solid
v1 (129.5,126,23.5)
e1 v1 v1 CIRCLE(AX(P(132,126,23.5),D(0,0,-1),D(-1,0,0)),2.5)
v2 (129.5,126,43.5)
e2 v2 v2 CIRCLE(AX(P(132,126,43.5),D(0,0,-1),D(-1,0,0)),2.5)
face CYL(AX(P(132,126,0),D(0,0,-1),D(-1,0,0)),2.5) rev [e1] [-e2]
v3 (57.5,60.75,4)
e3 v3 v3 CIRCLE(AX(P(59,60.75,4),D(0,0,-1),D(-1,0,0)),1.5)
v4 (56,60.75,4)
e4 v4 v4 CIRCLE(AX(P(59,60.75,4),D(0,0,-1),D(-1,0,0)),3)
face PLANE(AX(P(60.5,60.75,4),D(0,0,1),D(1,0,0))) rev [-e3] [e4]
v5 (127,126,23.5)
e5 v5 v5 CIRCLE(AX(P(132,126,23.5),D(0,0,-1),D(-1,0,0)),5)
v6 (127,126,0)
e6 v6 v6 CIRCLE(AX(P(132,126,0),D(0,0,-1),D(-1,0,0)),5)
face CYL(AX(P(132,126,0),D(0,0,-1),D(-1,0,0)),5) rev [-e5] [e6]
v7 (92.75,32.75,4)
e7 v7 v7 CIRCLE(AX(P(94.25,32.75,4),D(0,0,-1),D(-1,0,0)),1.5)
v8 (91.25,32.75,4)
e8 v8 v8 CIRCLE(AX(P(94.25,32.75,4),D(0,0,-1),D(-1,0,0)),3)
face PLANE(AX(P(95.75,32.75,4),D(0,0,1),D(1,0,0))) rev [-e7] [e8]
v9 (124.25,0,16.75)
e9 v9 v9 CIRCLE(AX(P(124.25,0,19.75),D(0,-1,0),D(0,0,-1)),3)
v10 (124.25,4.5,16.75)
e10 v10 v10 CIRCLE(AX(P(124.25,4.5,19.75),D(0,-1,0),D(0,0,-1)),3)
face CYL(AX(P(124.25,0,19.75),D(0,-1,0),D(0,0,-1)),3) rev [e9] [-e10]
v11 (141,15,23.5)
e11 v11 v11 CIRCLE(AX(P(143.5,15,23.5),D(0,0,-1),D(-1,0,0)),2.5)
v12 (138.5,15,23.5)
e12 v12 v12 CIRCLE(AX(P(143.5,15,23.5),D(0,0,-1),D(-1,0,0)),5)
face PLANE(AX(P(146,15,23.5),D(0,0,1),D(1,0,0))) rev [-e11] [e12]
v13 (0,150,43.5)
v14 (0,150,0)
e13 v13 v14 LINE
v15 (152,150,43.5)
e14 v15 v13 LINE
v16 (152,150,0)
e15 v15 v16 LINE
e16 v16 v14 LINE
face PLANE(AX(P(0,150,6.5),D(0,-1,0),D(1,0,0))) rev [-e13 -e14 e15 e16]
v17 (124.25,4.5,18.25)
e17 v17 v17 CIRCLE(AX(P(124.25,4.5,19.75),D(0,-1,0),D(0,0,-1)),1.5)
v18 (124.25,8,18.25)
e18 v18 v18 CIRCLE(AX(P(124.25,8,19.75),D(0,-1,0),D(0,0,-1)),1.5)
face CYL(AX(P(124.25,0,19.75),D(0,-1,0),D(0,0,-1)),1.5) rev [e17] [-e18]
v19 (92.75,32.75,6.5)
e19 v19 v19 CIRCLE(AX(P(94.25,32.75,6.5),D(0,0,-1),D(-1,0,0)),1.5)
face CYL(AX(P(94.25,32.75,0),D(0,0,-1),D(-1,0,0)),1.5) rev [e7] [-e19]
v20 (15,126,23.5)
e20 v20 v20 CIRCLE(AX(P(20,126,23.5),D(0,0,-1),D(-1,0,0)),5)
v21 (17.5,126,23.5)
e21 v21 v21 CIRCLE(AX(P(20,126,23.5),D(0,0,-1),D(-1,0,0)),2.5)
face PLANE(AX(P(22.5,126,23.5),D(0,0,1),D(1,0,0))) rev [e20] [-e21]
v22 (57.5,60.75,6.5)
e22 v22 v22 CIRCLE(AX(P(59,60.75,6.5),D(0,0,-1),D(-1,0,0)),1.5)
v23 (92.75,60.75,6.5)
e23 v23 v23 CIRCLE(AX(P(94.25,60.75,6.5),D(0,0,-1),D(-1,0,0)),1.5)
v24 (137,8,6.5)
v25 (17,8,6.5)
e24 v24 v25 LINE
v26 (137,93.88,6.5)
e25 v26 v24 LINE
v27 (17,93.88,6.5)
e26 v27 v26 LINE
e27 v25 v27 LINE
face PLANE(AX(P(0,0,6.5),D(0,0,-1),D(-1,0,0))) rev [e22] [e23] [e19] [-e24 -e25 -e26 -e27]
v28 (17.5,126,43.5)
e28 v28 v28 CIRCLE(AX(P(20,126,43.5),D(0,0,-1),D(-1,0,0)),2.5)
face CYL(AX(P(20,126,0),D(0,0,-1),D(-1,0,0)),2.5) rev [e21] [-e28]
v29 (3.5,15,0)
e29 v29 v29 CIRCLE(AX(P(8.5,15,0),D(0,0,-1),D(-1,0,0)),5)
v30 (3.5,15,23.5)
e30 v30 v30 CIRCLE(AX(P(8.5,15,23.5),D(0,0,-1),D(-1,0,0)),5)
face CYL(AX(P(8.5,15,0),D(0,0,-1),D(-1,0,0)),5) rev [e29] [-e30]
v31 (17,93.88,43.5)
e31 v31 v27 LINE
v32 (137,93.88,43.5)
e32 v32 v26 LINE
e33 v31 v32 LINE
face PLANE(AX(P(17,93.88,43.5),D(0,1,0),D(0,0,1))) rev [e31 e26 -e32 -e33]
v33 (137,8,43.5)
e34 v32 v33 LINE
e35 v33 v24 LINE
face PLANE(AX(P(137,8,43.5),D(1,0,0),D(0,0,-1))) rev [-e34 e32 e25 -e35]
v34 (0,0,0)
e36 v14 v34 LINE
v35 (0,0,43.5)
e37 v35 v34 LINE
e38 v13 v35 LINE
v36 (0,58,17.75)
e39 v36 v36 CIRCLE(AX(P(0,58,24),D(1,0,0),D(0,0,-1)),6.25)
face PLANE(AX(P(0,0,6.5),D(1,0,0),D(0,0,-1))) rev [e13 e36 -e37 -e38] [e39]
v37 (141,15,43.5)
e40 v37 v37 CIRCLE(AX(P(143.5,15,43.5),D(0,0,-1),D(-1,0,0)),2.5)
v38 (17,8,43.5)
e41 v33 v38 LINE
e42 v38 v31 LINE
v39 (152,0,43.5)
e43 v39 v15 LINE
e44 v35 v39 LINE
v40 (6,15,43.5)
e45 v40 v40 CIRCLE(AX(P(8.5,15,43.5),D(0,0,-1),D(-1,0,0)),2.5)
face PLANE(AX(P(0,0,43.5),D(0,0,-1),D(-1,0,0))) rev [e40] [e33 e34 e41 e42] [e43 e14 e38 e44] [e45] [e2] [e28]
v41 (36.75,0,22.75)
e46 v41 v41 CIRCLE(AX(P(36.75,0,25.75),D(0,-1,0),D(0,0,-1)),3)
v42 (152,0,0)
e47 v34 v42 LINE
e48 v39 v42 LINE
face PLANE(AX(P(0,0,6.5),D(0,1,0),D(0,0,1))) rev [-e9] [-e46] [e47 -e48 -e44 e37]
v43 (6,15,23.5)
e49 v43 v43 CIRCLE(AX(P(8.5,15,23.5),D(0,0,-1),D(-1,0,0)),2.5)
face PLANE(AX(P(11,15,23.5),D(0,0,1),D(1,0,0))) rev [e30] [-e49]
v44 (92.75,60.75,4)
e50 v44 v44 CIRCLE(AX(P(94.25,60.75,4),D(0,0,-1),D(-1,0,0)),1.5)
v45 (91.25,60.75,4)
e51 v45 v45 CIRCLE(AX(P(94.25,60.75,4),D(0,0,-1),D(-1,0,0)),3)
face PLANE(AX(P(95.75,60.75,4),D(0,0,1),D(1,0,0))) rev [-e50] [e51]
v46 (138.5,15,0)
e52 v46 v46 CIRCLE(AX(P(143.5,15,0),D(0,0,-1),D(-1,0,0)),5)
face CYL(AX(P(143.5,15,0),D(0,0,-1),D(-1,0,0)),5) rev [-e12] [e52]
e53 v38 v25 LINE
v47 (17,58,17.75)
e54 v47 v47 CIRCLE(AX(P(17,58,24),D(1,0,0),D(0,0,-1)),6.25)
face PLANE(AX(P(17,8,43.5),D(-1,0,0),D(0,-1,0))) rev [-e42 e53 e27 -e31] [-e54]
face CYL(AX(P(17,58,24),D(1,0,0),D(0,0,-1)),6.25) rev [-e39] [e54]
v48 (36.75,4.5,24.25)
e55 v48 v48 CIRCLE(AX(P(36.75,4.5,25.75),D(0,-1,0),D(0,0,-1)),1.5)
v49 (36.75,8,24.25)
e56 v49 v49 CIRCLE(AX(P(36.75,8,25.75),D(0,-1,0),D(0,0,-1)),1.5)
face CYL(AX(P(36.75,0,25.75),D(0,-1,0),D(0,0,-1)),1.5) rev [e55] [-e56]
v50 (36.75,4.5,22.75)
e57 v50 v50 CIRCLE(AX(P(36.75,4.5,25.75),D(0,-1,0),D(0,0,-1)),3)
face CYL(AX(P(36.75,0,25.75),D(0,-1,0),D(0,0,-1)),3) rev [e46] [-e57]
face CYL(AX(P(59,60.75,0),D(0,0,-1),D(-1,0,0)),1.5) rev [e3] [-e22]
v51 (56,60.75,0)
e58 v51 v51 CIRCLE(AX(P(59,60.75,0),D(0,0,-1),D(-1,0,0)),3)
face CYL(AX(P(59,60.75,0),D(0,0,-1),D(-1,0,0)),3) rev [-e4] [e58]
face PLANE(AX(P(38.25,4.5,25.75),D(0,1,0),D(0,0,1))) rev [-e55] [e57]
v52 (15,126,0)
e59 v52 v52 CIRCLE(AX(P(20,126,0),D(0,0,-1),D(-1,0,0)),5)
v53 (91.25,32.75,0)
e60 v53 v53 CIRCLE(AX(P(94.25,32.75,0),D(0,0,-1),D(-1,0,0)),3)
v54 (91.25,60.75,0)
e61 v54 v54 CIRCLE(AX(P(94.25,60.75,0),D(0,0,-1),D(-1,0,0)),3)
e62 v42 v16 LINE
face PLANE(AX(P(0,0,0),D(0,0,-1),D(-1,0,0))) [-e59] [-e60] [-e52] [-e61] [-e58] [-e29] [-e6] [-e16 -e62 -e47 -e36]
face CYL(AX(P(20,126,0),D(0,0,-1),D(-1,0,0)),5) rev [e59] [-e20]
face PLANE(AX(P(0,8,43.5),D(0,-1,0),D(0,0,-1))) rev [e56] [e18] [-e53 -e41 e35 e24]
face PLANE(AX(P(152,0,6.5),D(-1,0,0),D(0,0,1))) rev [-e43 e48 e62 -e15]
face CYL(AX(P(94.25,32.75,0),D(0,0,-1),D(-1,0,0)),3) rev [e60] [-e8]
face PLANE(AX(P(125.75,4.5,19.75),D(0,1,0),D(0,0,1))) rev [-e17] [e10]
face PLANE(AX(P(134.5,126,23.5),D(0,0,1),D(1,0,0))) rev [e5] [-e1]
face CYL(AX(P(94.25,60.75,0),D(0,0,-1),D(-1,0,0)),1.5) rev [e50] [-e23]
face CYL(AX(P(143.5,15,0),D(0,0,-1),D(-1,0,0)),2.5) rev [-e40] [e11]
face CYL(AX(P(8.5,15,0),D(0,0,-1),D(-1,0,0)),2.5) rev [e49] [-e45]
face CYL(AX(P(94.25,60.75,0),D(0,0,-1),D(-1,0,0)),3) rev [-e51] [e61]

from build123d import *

# Parameters (mm, degrees)
SKETCH1_W           = 152
SKETCH1_H           = 150
BOSS_EXTRUDE1_DEPTH = 6.5
SKETCH2_W           = 152
SKETCH2_H           = 8
BOSS_EXTRUDE2_DEPTH = 37
SKETCH3_W           = 17
SKETCH3_H           = 142
BOSS_EXTRUDE3_DEPTH = 37
SKETCH4_W           = 15
SKETCH4_H           = 142
BOSS_EXTRUDE4_DEPTH = 37
SKETCH5_W           = 120
SKETCH5_H           = 56.12
BOSS_EXTRUDE5_DEPTH = 37
HOLE2_D             = 3
HOLE2_DEPTH         = 8
HOLE2_CBORE_D       = 6
HOLE2_CBORE_DEPTH   = 4.5
HOLE3_D             = 3
HOLE3_DEPTH         = 8
HOLE3_CBORE_D       = 6
HOLE3_CBORE_DEPTH   = 4.5
HOLE4_D             = 12.5
HOLE4_DEPTH         = 17
HOLE5_D             = 3
HOLE5_CBORE_D       = 6
HOLE5_CBORE_DEPTH   = 4
HOLE6_D             = 3
HOLE6_CBORE_D       = 6
HOLE6_CBORE_DEPTH   = 4
HOLE7_D             = 3
HOLE7_CBORE_D       = 6
HOLE7_CBORE_DEPTH   = 4
HOLE9_D             = 5
HOLE9_CBORE_D       = 10
HOLE9_CBORE_DEPTH   = 23.5
HOLE10_D            = 5
HOLE10_CBORE_D      = 10
HOLE10_CBORE_DEPTH  = 23.5


with BuildPart() as part:
    # Sketch1 → Boss-Extrude1 (new body)
    with BuildSketch(Plane.XY):
        with Locations((76, 75)):
            Rectangle(SKETCH1_W, SKETCH1_H)
    extrude(amount=BOSS_EXTRUDE1_DEPTH)

    # Sketch2 → Boss-Extrude2 (add)
    with BuildSketch(Plane.XY.offset(6.5)):
        with Locations((76, 4)):
            Rectangle(SKETCH2_W, SKETCH2_H)
    extrude(amount=BOSS_EXTRUDE2_DEPTH)

    # Sketch3 → Boss-Extrude3 (add)
    with BuildSketch(Plane.XY.offset(6.5)):
        with Locations((8.5, 79)):
            Rectangle(SKETCH3_W, SKETCH3_H)
    extrude(amount=BOSS_EXTRUDE3_DEPTH)

    # Sketch4 → Boss-Extrude4 (add)
    with BuildSketch(Plane.XY.offset(6.5)):
        with Locations((144.5, 79)):
            Rectangle(SKETCH4_W, SKETCH4_H)
    extrude(amount=BOSS_EXTRUDE4_DEPTH)

    # Sketch5 → Boss-Extrude5 (add)
    with BuildSketch(Plane.XY.offset(6.5)):
        with Locations((77, 121.94)):
            Rectangle(SKETCH5_W, SKETCH5_H)
    extrude(amount=BOSS_EXTRUDE5_DEPTH)

    # Hole2
    with Locations(Plane(origin=(36.75, 0, 25.75), x_dir=(0, 0, -1), z_dir=(0, -1, 0))):
        with Locations((0, 0)):
            CounterBoreHole(HOLE2_D / 2, HOLE2_CBORE_D / 2, HOLE2_CBORE_DEPTH, depth=HOLE2_DEPTH)

    # Hole3
    with Locations(Plane(origin=(124.25, 0, 19.75), x_dir=(0, 0, -1), z_dir=(0, -1, 0))):
        with Locations((0, 0)):
            CounterBoreHole(HOLE3_D / 2, HOLE3_CBORE_D / 2, HOLE3_CBORE_DEPTH, depth=HOLE3_DEPTH)

    # Hole4
    with Locations(Plane(origin=(17, 58, 24), x_dir=(0, 1, 0), z_dir=(1, 0, 0))):
        with Locations((0, 0)):
            Hole(HOLE4_D / 2, depth=HOLE4_DEPTH)

    # Hole5 (through all)
    with Locations(Plane(origin=(94.25, 32.75, 0), x_dir=(-1, 0, 0), z_dir=(0, 0, -1))):
        with Locations((0, 0)):
            CounterBoreHole(HOLE5_D / 2, HOLE5_CBORE_D / 2, HOLE5_CBORE_DEPTH)

    # Hole6 (through all)
    with Locations(Plane(origin=(94.25, 60.75, 0), x_dir=(-1, 0, 0), z_dir=(0, 0, -1))):
        with Locations((0, 0)):
            CounterBoreHole(HOLE6_D / 2, HOLE6_CBORE_D / 2, HOLE6_CBORE_DEPTH)

    # Hole7 (through all)
    with Locations(Plane(origin=(59, 60.75, 0), x_dir=(-1, 0, 0), z_dir=(0, 0, -1))):
        with Locations((0, 0)):
            CounterBoreHole(HOLE7_D / 2, HOLE7_CBORE_D / 2, HOLE7_CBORE_DEPTH)

    # Hole9 (through all)
    with Locations(Plane(origin=(132, 126, 0), x_dir=(-1, 0, 0), z_dir=(0, 0, -1))):
        with Locations((0, 0), (112, 0)):
            CounterBoreHole(HOLE9_D / 2, HOLE9_CBORE_D / 2, HOLE9_CBORE_DEPTH)

    # Hole10 (through all)
    with Locations(Plane(origin=(143.5, 15, 0), x_dir=(-1, 0, 0), z_dir=(0, 0, -1))):
        with Locations((0, 0), (135, 0)):
            CounterBoreHole(HOLE10_D / 2, HOLE10_CBORE_D / 2, HOLE10_CBORE_DEPTH)


solid = part.part
